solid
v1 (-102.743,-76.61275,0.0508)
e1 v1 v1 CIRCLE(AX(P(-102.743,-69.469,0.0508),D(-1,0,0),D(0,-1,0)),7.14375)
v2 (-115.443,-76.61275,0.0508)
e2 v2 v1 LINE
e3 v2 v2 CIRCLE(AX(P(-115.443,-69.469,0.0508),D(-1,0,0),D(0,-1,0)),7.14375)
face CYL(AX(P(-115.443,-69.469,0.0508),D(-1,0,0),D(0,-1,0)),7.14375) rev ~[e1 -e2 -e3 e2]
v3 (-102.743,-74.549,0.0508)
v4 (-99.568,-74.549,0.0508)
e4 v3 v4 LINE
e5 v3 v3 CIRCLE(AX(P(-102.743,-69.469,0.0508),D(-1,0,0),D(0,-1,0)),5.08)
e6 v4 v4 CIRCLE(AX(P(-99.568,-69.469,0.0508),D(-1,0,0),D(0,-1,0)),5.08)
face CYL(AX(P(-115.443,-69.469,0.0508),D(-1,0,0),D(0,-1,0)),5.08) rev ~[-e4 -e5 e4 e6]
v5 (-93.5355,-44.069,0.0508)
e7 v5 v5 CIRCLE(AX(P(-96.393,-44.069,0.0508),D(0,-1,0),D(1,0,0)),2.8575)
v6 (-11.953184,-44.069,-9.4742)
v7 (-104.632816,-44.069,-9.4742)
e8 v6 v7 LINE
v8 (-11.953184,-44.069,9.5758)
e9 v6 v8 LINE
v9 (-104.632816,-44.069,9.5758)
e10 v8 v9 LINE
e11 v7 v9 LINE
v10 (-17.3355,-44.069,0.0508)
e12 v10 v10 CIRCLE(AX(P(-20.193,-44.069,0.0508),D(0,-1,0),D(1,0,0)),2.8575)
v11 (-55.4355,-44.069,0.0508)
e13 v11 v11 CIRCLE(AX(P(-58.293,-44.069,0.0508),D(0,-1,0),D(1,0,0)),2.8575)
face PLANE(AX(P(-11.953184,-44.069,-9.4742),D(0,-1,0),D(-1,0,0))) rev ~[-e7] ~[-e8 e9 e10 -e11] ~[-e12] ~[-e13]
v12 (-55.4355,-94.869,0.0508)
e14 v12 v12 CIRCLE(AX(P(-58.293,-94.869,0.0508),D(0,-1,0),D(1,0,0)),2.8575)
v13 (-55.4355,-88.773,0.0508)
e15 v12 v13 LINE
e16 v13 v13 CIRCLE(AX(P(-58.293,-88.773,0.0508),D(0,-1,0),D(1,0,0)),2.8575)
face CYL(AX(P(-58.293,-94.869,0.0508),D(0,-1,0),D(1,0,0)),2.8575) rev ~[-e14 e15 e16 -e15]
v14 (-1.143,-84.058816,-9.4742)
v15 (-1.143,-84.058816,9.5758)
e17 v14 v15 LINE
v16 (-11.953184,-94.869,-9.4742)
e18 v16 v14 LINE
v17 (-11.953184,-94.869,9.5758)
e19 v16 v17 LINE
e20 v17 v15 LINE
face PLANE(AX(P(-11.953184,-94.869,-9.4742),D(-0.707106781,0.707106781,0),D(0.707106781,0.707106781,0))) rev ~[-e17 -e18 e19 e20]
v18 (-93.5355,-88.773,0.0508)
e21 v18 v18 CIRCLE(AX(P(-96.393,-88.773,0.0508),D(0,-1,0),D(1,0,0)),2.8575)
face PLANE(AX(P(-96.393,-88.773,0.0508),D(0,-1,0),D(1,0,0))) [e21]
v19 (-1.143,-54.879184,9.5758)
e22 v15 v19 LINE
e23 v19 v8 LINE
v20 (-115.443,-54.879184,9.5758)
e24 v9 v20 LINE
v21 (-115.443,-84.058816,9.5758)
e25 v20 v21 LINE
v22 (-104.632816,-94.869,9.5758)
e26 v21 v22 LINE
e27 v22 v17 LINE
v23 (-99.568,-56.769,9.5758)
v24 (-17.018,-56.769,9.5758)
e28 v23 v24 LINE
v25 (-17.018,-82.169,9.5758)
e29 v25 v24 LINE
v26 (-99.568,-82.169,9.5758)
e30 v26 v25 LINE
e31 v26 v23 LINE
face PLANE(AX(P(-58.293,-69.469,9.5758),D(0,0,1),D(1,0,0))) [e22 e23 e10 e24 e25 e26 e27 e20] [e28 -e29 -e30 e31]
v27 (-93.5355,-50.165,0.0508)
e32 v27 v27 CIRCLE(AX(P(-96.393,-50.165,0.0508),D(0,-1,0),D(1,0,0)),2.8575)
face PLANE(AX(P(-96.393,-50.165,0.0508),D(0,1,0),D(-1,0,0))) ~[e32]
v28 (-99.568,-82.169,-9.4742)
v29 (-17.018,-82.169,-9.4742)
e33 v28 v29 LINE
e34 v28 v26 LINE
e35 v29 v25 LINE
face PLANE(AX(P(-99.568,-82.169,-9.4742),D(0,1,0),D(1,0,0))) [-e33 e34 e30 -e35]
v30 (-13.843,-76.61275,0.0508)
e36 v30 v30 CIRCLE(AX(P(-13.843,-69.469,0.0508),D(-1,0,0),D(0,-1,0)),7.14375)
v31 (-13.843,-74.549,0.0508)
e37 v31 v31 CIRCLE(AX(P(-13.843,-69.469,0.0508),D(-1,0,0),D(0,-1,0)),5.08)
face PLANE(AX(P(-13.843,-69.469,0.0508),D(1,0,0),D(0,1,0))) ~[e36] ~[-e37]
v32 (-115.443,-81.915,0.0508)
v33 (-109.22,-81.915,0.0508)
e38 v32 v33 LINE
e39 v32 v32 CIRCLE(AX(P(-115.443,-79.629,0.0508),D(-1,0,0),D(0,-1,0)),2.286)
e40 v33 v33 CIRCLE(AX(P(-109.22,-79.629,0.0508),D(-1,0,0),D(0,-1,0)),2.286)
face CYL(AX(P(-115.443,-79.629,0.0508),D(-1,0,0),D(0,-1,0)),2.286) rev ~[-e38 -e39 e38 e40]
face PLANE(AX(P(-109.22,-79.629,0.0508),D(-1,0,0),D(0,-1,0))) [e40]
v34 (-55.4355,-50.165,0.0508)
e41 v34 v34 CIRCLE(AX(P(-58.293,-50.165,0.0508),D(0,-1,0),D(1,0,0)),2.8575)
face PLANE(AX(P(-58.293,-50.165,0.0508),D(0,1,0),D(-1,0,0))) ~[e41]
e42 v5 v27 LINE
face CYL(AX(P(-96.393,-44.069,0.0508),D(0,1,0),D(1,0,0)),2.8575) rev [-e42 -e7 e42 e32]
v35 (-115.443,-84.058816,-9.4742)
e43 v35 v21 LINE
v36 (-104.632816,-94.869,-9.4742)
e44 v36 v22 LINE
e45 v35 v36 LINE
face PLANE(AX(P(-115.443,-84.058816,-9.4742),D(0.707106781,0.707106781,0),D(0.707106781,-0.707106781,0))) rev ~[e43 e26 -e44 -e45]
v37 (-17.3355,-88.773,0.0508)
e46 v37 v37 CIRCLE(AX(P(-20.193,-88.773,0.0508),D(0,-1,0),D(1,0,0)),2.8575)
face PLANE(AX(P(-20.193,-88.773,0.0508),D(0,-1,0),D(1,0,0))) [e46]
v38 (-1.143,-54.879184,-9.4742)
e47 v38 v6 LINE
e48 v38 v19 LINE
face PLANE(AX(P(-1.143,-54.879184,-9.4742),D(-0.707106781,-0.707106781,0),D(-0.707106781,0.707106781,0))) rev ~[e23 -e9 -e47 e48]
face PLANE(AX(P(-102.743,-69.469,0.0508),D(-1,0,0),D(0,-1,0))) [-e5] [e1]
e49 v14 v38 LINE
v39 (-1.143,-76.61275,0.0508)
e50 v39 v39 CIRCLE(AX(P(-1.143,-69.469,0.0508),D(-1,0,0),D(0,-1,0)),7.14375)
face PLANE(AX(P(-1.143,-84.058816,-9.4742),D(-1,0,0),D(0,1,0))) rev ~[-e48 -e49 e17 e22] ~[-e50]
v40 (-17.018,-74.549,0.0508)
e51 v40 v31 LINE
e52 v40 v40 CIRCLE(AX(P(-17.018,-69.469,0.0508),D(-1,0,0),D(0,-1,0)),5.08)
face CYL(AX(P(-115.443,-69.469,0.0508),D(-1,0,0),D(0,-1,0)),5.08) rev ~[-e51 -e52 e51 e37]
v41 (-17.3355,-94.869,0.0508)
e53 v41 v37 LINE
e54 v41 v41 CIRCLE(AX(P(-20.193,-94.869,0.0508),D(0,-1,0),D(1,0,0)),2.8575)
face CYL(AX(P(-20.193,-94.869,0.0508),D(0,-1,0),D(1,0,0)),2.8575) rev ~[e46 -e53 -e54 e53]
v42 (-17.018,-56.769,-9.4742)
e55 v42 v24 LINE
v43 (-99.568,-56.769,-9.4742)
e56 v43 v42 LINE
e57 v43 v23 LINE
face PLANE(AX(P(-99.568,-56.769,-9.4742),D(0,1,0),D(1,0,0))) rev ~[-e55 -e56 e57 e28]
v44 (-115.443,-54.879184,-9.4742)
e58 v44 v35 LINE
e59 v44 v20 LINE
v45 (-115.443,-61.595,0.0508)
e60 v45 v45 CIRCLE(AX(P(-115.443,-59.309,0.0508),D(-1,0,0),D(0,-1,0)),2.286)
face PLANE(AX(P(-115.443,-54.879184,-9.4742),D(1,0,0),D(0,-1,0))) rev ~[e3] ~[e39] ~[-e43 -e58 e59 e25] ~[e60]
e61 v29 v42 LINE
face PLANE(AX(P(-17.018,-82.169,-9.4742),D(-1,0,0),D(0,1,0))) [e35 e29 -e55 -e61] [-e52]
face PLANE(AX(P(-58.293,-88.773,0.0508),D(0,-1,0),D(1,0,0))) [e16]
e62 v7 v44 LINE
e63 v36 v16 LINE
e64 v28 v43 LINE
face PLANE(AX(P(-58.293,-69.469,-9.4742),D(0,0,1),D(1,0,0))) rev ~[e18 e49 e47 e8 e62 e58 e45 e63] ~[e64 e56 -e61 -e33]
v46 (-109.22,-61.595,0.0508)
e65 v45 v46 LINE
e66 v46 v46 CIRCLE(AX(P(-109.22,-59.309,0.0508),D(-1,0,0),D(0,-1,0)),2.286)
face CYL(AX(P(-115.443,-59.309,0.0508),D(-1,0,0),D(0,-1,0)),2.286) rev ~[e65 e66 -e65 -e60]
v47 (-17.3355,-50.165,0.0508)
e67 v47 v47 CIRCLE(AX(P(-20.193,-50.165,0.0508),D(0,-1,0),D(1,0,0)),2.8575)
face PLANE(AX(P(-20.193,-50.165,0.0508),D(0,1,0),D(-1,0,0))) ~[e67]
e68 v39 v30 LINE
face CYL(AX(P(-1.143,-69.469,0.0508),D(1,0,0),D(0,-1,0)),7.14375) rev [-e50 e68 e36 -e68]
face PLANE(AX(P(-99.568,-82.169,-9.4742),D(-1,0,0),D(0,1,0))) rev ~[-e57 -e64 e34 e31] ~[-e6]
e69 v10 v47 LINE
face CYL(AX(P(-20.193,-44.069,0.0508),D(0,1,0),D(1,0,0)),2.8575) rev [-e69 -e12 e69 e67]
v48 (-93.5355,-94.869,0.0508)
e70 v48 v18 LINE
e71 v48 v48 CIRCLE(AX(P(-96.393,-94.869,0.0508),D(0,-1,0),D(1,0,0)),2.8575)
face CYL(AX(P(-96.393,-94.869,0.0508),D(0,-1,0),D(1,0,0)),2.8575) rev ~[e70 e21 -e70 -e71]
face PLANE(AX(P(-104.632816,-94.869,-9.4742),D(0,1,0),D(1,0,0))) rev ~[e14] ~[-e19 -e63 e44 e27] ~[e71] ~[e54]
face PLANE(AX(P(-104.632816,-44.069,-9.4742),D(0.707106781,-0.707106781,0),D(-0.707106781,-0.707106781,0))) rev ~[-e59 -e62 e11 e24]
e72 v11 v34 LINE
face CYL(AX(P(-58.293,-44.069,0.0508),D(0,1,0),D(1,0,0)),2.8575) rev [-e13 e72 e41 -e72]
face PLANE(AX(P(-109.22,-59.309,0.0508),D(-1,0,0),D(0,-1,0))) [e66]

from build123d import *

# Parameters (mm, degrees)
SKETCH002_W     = 82.55
SKETCH002_H     = 25.4
PAD001_DEPTH    = 19.05
SKETCH003_R     = 5.08
POCKET001_DEPTH = 114.301
SKETCH100_R     = 2.286
POCKET027_DEPTH = 6.223
SKETCH101_R     = 7.14375
POCKET028_DEPTH = 12.7
SKETCH118_R     = 2.8575
POCKET042_DEPTH = 6.096


with BuildPart() as part:
    # Sketch002 → Pad001 (new body)
    with BuildSketch(Plane.XY):
        Polygon((-57.15, 14.589816), (-57.15, -14.589816), (-46.339816, -25.4), (46.339816, -25.4), (57.15, -14.589816), (57.15, 14.589816), (46.339816, 25.4), (-46.339816, 25.4), align=None)
        Rectangle(SKETCH002_W, SKETCH002_H, mode=Mode.SUBTRACT)
    extrude(amount=PAD001_DEPTH)

    # Sketch003 (on Face1 of Pad001) → Pocket001 (cut, through all)
    with BuildSketch(Plane(origin=(-57.15, 0, 0), x_dir=(0, -1, 0), z_dir=(-1, 0, 0))):
        with Locations((0, 9.525)):
            Circle(SKETCH003_R)
    extrude(amount=-POCKET001_DEPTH, mode=Mode.SUBTRACT)

    # Sketch100 (on Face1 of Pocket001) → Pocket027 (cut)
    with BuildSketch(Plane(origin=(-57.15, 0, 0), x_dir=(0, -1, 0), z_dir=(-1, 0, 0))):
        with Locations((10.16, 9.525)):
            Circle(SKETCH100_R)
        with Locations((-10.16, 9.525)):
            Circle(SKETCH100_R)
    extrude(amount=-POCKET027_DEPTH, mode=Mode.SUBTRACT)

    # Sketch101 (on Face1 of Pocket027) → Pocket028 (cut)
    with BuildSketch(Plane(origin=(-57.15, 0, 0), x_dir=(0, -1, 0), z_dir=(-1, 0, 0))):
        with Locations((0, 9.525)):
            Circle(SKETCH101_R)
    pocket028 = extrude(amount=-POCKET028_DEPTH, mode=Mode.SUBTRACT)

    # Mirrored002: Pocket028 across YZ
    add(pocket028.mirror(Plane.YZ), mode=Mode.SUBTRACT)

    # Sketch118 (on Face10 of Mirrored002) → Pocket042 (cut)
    with BuildSketch(Plane.XZ.offset(25.4)):
        with Locations((0, 9.525)):
            Circle(SKETCH118_R)
        with Locations((38.1, 9.525)):
            Circle(SKETCH118_R)
        with Locations((-38.1, 9.525)):
            Circle(SKETCH118_R)
    pocket042 = extrude(amount=-POCKET042_DEPTH, mode=Mode.SUBTRACT)

    # Mirrored004: Pocket042 across XZ
    add(pocket042.mirror(Plane.XZ), mode=Mode.SUBTRACT)


with BuildPart() as part_1:
    # Body001 placement: moved
    add(part.part.moved(Location((-58.293, -69.469, -9.4742))))


solid = part_1.part
